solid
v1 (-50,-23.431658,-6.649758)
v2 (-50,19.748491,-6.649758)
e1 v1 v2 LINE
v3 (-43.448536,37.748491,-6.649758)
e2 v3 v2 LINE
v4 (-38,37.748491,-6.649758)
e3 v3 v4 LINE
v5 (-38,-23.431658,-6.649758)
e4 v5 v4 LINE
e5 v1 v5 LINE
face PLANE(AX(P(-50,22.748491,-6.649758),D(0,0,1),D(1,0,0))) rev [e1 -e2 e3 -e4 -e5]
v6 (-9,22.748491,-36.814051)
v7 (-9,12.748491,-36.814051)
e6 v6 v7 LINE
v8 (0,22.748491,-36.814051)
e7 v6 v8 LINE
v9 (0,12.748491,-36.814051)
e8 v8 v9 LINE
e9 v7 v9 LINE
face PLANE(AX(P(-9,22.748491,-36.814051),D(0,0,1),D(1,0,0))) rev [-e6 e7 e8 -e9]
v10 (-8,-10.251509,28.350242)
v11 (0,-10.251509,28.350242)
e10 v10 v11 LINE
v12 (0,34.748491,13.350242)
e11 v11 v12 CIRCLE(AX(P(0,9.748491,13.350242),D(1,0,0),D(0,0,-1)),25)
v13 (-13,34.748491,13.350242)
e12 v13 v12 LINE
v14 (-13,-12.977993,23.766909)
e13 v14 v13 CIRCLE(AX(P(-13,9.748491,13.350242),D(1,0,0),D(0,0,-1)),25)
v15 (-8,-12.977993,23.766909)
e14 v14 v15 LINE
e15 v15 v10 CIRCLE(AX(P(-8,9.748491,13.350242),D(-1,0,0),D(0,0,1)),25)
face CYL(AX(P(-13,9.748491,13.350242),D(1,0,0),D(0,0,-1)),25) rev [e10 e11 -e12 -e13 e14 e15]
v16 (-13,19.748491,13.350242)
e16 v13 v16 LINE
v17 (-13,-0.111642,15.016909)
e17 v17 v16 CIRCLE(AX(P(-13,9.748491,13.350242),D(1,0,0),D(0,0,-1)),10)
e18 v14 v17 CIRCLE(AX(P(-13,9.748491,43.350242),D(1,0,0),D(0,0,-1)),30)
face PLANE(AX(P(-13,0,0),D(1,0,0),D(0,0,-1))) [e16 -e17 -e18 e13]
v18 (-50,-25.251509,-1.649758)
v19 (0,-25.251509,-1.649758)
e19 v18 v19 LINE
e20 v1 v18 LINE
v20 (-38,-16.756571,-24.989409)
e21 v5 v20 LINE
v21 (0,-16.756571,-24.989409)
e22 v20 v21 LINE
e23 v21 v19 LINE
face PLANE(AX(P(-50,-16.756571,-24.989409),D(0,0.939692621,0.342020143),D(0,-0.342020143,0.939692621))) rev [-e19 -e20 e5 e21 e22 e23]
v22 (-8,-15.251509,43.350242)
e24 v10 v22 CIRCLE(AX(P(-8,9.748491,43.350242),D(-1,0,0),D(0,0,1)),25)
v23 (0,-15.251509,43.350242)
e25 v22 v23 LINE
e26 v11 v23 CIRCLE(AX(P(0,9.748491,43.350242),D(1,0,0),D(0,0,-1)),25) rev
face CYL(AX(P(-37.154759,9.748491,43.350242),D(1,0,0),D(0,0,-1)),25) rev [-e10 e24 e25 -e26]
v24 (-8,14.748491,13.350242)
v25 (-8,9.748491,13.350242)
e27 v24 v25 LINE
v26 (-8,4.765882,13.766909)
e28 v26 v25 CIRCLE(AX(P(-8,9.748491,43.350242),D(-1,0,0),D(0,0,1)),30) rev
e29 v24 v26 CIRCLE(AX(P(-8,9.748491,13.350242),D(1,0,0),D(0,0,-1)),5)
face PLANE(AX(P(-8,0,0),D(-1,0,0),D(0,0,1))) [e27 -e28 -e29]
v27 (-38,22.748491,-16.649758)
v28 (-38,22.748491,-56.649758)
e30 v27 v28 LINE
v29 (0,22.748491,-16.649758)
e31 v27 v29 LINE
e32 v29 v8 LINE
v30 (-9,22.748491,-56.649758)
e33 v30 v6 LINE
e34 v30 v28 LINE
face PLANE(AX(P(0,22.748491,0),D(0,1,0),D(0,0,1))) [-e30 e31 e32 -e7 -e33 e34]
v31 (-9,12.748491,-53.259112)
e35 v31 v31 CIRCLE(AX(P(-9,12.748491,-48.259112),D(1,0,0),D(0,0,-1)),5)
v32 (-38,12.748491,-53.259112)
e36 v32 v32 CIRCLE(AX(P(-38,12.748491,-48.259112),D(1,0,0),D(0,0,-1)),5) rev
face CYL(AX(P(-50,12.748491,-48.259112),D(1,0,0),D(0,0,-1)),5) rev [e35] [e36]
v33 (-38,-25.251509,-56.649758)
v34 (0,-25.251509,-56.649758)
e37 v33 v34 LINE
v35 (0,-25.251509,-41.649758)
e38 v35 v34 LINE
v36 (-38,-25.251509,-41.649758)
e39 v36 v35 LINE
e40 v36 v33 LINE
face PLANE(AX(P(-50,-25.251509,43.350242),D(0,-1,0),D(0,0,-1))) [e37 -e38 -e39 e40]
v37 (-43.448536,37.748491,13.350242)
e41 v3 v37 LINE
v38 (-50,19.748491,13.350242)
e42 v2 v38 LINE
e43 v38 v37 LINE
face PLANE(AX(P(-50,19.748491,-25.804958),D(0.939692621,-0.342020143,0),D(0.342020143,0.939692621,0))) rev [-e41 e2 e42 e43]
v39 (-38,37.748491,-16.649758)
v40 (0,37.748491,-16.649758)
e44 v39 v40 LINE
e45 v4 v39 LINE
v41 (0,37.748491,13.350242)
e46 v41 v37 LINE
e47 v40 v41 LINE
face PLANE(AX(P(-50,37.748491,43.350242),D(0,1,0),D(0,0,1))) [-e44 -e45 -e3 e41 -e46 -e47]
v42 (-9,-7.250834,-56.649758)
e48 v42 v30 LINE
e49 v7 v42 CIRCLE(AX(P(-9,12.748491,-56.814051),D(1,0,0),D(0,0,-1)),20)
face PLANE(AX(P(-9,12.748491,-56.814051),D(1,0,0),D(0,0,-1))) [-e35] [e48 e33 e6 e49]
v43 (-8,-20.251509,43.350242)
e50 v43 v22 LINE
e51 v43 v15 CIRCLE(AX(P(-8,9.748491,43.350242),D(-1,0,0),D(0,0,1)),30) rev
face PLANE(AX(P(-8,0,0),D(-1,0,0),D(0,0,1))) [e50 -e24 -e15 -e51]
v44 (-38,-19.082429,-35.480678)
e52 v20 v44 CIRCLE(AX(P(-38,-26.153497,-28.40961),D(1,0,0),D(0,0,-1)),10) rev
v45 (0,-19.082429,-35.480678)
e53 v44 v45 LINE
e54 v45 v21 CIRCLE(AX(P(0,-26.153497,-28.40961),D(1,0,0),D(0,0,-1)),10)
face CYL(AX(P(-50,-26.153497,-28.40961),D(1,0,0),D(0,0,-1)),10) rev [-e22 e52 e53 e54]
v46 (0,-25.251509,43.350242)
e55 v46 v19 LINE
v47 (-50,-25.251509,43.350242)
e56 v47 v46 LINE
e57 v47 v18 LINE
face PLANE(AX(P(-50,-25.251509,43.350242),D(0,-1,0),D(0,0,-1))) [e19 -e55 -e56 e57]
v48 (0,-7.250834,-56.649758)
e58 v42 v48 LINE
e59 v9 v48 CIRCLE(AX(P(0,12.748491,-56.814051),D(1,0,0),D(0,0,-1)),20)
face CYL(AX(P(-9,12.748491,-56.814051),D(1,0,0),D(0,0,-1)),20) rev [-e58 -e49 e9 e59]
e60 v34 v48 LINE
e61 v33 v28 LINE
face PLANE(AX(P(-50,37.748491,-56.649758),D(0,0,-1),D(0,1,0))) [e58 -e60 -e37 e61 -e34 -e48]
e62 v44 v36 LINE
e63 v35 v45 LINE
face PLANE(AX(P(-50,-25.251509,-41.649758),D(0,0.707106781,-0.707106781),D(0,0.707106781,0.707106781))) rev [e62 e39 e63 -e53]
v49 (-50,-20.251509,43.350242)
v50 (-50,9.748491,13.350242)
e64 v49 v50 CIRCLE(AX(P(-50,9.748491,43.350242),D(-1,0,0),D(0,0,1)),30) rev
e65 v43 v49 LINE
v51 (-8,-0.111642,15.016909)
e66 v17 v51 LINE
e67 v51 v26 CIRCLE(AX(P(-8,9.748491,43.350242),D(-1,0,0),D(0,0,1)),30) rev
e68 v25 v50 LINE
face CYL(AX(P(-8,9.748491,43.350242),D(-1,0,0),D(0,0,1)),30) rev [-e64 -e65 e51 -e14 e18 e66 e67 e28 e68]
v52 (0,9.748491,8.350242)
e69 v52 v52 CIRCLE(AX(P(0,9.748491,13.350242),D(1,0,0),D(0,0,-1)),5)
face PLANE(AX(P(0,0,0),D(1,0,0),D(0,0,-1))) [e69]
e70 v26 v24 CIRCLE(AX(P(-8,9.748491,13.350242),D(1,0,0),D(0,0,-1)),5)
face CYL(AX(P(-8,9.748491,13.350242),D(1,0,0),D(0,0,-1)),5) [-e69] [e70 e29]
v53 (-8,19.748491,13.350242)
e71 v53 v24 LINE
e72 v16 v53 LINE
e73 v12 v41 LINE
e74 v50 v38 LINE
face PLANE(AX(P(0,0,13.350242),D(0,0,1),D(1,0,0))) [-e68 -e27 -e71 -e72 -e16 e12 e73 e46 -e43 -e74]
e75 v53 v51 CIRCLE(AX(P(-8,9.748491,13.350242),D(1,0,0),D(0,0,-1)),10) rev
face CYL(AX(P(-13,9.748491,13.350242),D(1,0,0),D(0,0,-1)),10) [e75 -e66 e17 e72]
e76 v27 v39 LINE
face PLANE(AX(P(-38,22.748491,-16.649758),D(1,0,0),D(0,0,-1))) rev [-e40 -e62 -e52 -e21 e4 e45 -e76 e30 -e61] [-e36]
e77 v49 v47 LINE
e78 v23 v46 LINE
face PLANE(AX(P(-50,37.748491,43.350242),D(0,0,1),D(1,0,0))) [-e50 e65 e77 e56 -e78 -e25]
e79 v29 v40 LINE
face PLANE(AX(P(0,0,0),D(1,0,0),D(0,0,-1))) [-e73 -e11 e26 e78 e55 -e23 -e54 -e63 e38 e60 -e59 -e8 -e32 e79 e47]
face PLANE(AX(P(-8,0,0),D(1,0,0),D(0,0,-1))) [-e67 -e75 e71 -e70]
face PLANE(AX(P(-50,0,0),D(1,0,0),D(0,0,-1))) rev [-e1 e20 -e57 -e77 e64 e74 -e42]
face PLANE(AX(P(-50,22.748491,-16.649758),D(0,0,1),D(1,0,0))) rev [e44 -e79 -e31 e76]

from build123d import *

# Parameters (mm, degrees)
SKETCH1_W           = 100
SKETCH1_H           = 63
BOSS_EXTRUDE1_DEPTH = 50
SKETCH2_W           = 50
SKETCH2_H           = 40
CUT_EXTRUDE1_DEPTH  = 15
SKETCH3_W           = 12
SKETCH3_H           = 10
CUT_EXTRUDE2_DEPTH  = 15
CUT_EXTRUDE3_DEPTH  = 9
SKETCH5_R           = 5
CUT_EXTRUDE4_DEPTH  = 42
CUT_EXTRUDE5_DEPTH  = 51
CUT_EXTRUDE6_DEPTH  = 42
CUT_EXTRUDE10_DEPTH = 51
CUT_EXTRUDE16_DEPTH = 13
CUT_EXTRUDE17_DEPTH = 8
SKETCH11_10_R       = 5
BOSS_EXTRUDE5_DEPTH = 8
CUT_EXTRUDE18_DEPTH = 20
CUT_EXTRUDE22_DEPTH = 8
SKETCH16_W          = 12
SKETCH16_H          = 50
CUT_EXTRUDE23_DEPTH = 49


with BuildPart() as part:
    # Sketch1 → Boss-Extrude1 (new body)
    with BuildSketch(Plane(origin=(0, 0, 0), x_dir=(0, 0, -1), z_dir=(1, 0, 0))):
        with Locations((6.649757701, 6.248490946)):
            Rectangle(SKETCH1_W, SKETCH1_H)
    extrude(amount=-BOSS_EXTRUDE1_DEPTH)

    # Sketch2 → Cut-Extrude1 (cut)
    with BuildSketch(Plane(origin=(0, 37.748490946, 0), x_dir=(1, 0, 0), z_dir=(0, 1, 0))):
        with Locations((-25, 36.649757701)):
            Rectangle(SKETCH2_W, SKETCH2_H)
    extrude(amount=-CUT_EXTRUDE1_DEPTH, mode=Mode.SUBTRACT)

    # Sketch3 → Cut-Extrude2 (cut)
    with BuildSketch(Plane(origin=(0, 37.748490946, 0), x_dir=(1, 0, 0), z_dir=(0, 1, 0))):
        with Locations((-44, 11.649757701)):
            Rectangle(SKETCH3_W, SKETCH3_H)
    extrude(amount=-CUT_EXTRUDE2_DEPTH, mode=Mode.SUBTRACT)

    # Sketch4 → Cut-Extrude3 (cut)
    with BuildSketch(Plane(origin=(0, 0, 0), x_dir=(0, 0, -1), z_dir=(1, 0, 0))):
        with BuildLine():
            Line((36.814050896, 22.748490946), (36.814050896, 12.748490946))
            ThreePointArc((36.814050896, 12.748490946), (42.613947659, -1.335438479), (56.649757701, -7.250834237))
            Line((56.649757701, -7.250834237), (56.649757701, 22.748490946))
            Line((56.649757701, 22.748490946), (36.814050896, 22.748490946))
        make_face()
    extrude(amount=-CUT_EXTRUDE3_DEPTH, mode=Mode.SUBTRACT)

    # Sketch5 → Cut-Extrude4 (cut, through all)
    with BuildSketch(Plane(origin=(-9, 0, 0), x_dir=(0, 0, -1), z_dir=(1, 0, 0))):
        with Locations((48.259112346, 12.748490946)):
            Circle(SKETCH5_R)
    extrude(amount=-CUT_EXTRUDE4_DEPTH, mode=Mode.SUBTRACT)

    # Sketch6 → Cut-Extrude5 (cut, through all)
    with BuildSketch(Plane(origin=(0, 0, 0), x_dir=(0, 0, -1), z_dir=(1, 0, 0))):
        with BuildLine():
            Line((41.649757701, -25.251509054), (35.480677879, -19.082429233))
            ThreePointArc((35.480677879, -19.082429233), (30.574006207, -16.390536973), (24.989408634, -16.756570837))
            Line((24.989408634, -16.756570837), (1.649757701, -25.251509054))
            Line((1.649757701, -25.251509054), (41.649757701, -25.251509054))
        make_face()
    extrude(amount=-CUT_EXTRUDE5_DEPTH, mode=Mode.SUBTRACT)

    # Sketch8 → Cut-Extrude6 (cut)
    with BuildSketch(Plane.ZY.offset(50)):
        with BuildLine():
            Line((43.350242299, -20.251509054), (43.350242299, 9.748490946))
            Line((43.350242299, 9.748490946), (13.350242299, 9.748490946))
            ThreePointArc((13.350242299, 9.748490946), (22.137038863, -11.46471249), (43.350242299, -20.251509054))
        make_face()
    extrude(amount=-CUT_EXTRUDE6_DEPTH, mode=Mode.SUBTRACT)

    # Sketch8<5> → Cut-Extrude10 (cut, through all)
    with BuildSketch(Plane.ZY.offset(50)):
        Polygon((13.350242299, 9.748490946), (43.350242299, 9.748490946), (43.350242299, 37.748490946), (36.798778082, 37.748490946), (13.350242299, 37.748490946), align=None)
    extrude(amount=-CUT_EXTRUDE10_DEPTH, mode=Mode.SUBTRACT)

    # Sketch11 → Cut-Extrude16 (cut)
    with BuildSketch(Plane(origin=(0, 0, 0), x_dir=(0, 0, -1), z_dir=(1, 0, 0))):
        with BuildLine():
            ThreePointArc((-23.350242299, 9.748490946), (-20.421310111, 16.819558758), (-13.350242299, 19.748490946))
            Line((-13.350242299, 19.748490946), (-13.350242299, 34.748490946))
            ThreePointArc((-13.350242299, 34.748490946), (-31.027911829, 27.426160475), (-38.350242299, 9.748490946))
            Line((-38.350242299, 9.748490946), (-23.350242299, 9.748490946))
        make_face()
        with BuildLine():
            Line((-13.350242299, 34.748490946), (-13.350242299, 19.748490946))
            ThreePointArc((-13.350242299, 19.748490946), (-6.279174487, 16.819558758), (-3.350242299, 9.748490946))
            ThreePointArc((-3.350242299, 9.748490946), (-13.350242299, -0.251509054), (-23.350242299, 9.748490946))
            Line((-23.350242299, 9.748490946), (-38.350242299, 9.748490946))
            ThreePointArc((-38.350242299, 9.748490946), (-35.710922074, -1.431848942), (-28.350242299, -10.251509054))
            ThreePointArc((-28.350242299, -10.251509054), (-2.169902411, -12.612188829), (11.649757701, 9.748490946))
            ThreePointArc((11.649757701, 9.748490946), (4.327427231, 27.426160475), (-13.350242299, 34.748490946))
        make_face()
    extrude(amount=-CUT_EXTRUDE16_DEPTH, mode=Mode.SUBTRACT)

    # Sketch11<8> → Cut-Extrude17 (cut)
    with BuildSketch(Plane(origin=(0, 0, 0), x_dir=(0, 0, -1), z_dir=(1, 0, 0))):
        with BuildLine():
            ThreePointArc((-3.350242299, 9.748490946), (-6.279174487, 16.819558758), (-13.350242299, 19.748490946))
            Line((-13.350242299, 19.748490946), (-13.350242299, 14.748490946))
            ThreePointArc((-13.350242299, 14.748490946), (-9.814708393, 13.284024852), (-8.350242299, 9.748490946))
            ThreePointArc((-8.350242299, 9.748490946), (-13.350242299, 4.748490946), (-18.350242299, 9.748490946))
            Line((-18.350242299, 9.748490946), (-23.350242299, 9.748490946))
            ThreePointArc((-23.350242299, 9.748490946), (-13.350242299, -0.251509054), (-3.350242299, 9.748490946))
        make_face()
    extrude(amount=-CUT_EXTRUDE17_DEPTH, mode=Mode.SUBTRACT)

    # Sketch11<10> → Boss-Extrude5 (add)
    with BuildSketch(Plane(origin=(0, 0, 0), x_dir=(0, 0, -1), z_dir=(1, 0, 0))):
        with Locations((-13.350242299, 9.748490946)):
            Circle(SKETCH11_10_R)
    extrude(amount=-BOSS_EXTRUDE5_DEPTH)

    # Sketch14 → Cut-Extrude18 (cut)
    with BuildSketch(Plane.XY.offset(13.350242299)):
        Polygon((-50, 19.748490946), (-43.448535783, 37.748490946), (-50, 37.748490946), align=None)
    extrude(amount=-CUT_EXTRUDE18_DEPTH, mode=Mode.SUBTRACT)

    # Sketch11<11> → Cut-Extrude22 (cut)
    with BuildSketch(Plane(origin=(0, 0, 0), x_dir=(0, 0, -1), z_dir=(1, 0, 0))):
        with BuildLine():
            ThreePointArc((-28.350242299, -10.251509054), (-35.710922074, -1.431848942), (-38.350242299, 9.748490946))
            Line((-38.350242299, 9.748490946), (-43.350242299, 9.748490946))
            Line((-43.350242299, 9.748490946), (-43.350242299, -15.251509054))
            ThreePointArc((-43.350242299, -15.251509054), (-35.444548148, -13.968591506), (-28.350242299, -10.251509054))
        make_face()
    extrude(amount=-CUT_EXTRUDE22_DEPTH, mode=Mode.SUBTRACT)

    # Sketch16 → Cut-Extrude23 (cut, through all)
    with BuildSketch(Plane(origin=(0, 22.748490946, 0), x_dir=(1, 0, 0), z_dir=(0, 1, 0))):
        with Locations((-44, 31.649757701)):
            Rectangle(SKETCH16_W, SKETCH16_H)
    extrude(amount=-CUT_EXTRUDE23_DEPTH, mode=Mode.SUBTRACT)


solid = part.part
